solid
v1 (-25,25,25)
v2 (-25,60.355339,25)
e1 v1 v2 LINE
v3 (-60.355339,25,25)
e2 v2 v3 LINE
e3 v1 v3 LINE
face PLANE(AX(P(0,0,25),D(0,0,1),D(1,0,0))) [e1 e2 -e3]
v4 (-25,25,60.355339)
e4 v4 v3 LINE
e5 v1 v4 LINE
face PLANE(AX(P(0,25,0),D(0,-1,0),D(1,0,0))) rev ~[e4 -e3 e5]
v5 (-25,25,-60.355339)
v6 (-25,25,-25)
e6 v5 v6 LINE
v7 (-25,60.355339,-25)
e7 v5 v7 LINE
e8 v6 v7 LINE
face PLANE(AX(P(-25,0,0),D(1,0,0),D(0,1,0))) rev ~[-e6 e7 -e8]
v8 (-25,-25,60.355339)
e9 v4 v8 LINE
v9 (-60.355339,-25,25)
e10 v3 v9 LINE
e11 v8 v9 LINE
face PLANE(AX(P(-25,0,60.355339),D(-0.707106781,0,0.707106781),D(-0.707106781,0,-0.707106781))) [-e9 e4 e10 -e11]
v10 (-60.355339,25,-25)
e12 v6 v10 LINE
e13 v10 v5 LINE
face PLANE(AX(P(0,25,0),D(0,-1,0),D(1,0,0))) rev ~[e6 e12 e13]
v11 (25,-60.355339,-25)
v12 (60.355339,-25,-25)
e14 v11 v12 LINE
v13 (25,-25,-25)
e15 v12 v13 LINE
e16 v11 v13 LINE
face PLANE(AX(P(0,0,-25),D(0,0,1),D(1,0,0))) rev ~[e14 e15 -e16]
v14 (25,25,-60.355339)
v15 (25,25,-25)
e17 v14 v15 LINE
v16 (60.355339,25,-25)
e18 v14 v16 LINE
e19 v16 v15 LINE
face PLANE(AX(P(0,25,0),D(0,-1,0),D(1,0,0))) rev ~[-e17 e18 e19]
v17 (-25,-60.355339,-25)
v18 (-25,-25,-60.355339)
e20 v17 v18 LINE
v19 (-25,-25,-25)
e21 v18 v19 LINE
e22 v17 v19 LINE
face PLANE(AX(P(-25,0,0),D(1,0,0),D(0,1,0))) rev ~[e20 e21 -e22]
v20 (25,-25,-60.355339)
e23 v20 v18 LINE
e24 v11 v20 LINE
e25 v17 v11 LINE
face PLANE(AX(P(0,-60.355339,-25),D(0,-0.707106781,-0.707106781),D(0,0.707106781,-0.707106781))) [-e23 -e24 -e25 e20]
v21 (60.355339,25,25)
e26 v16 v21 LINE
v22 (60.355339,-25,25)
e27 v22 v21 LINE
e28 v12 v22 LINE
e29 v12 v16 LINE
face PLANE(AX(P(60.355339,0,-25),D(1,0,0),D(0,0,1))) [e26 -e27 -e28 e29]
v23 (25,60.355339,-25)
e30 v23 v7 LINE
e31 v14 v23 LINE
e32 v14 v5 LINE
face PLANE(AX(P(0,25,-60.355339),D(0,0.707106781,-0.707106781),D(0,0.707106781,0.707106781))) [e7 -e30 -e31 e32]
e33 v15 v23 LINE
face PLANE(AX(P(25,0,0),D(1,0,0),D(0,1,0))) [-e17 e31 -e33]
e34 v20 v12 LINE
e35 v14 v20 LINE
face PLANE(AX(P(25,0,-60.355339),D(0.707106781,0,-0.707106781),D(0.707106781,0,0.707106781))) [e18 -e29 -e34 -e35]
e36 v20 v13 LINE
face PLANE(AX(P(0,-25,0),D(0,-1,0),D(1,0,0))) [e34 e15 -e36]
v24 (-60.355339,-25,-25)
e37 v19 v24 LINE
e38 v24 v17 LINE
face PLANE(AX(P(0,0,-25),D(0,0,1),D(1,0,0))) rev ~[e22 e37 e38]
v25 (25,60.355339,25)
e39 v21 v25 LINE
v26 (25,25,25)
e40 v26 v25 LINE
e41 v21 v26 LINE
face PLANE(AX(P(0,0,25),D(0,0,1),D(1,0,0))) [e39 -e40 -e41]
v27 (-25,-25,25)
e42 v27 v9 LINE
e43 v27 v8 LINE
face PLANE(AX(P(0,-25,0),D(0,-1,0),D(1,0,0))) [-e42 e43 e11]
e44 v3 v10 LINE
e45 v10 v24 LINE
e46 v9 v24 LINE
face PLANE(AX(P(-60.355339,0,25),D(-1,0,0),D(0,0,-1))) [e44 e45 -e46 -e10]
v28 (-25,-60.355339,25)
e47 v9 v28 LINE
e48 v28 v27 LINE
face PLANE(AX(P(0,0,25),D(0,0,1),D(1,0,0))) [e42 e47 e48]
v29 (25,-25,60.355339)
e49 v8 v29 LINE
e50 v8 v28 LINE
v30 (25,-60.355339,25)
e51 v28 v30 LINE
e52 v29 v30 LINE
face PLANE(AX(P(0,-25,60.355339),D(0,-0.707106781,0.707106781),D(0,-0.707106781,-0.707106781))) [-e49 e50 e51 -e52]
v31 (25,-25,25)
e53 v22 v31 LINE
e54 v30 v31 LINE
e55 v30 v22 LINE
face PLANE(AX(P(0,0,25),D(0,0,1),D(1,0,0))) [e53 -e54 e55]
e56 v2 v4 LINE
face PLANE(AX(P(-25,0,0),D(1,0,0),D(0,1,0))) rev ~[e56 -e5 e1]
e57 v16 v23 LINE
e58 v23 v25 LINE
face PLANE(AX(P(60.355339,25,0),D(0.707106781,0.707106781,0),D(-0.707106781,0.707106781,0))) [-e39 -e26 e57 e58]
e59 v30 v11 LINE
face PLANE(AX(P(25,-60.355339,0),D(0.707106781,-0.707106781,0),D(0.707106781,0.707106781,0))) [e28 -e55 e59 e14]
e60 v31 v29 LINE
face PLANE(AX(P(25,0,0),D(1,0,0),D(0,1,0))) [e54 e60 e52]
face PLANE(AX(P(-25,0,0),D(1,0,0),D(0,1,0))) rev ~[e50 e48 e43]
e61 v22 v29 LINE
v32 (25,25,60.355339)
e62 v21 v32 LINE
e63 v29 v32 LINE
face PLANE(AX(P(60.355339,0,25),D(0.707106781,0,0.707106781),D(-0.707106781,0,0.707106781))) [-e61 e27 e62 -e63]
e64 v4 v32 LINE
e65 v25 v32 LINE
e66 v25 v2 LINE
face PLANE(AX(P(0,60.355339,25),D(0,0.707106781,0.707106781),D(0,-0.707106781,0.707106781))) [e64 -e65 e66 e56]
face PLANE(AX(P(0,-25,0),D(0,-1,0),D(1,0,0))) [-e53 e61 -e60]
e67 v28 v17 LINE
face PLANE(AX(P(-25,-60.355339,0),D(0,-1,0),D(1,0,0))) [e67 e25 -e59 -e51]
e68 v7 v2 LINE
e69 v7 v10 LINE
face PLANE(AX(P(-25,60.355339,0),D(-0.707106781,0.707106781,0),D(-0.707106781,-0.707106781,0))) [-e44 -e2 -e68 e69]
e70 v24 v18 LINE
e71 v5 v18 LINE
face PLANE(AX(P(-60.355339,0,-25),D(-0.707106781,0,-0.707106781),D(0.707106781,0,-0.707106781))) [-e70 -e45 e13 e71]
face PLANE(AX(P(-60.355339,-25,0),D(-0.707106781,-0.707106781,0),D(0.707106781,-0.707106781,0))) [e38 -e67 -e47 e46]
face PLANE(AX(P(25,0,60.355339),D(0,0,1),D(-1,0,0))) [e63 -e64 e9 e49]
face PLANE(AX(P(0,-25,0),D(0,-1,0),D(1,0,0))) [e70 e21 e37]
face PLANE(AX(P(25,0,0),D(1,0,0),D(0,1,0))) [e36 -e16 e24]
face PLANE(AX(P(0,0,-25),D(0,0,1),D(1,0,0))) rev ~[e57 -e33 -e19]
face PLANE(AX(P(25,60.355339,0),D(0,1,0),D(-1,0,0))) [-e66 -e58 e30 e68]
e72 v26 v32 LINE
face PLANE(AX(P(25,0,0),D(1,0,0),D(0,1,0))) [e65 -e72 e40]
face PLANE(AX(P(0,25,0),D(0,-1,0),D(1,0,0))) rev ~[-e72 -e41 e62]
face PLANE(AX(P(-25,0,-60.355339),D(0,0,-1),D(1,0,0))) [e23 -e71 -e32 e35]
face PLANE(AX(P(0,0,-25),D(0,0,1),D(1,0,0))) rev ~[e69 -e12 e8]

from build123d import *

# Parameters (mm, degrees)
F2_DEPTH      = 25
F2_DEPTH_BACK = 25
F4_DEPTH      = 25
F4_DEPTH_BACK = 25
F6_DEPTH      = 25
F6_DEPTH_BACK = 25


with BuildPart() as f2:
    # F1 (on Front) → F2 (new body, two sides)
    with BuildSketch(Plane.XZ) as f2_sk:
        Polygon((25, 60.3553390593), (-25, 60.3553390593), (-60.3553390593, 25), (-60.3553390593, -25), (-25, -60.3553390593), (25, -60.3553390593), (60.3553390593, -25), (60.3553390593, 25), align=None)
    extrude(amount=F2_DEPTH)
    extrude(f2_sk.sketch, amount=-F2_DEPTH_BACK)

    # F3 (on Top) → F4 (join, two sides)
    with BuildSketch(Plane.XY) as f4_sk:
        Polygon((25, -60.3553390593), (60.3553390593, -25), (60.3553390593, 25), (25, 60.3553390593), (-25, 60.3553390593), (-60.3553390593, 25), (-60.3553390593, -25), (-25, -60.3553390593), align=None)
    extrude(amount=F4_DEPTH)
    extrude(f4_sk.sketch, amount=-F4_DEPTH_BACK)

    # F5 (on Right) → F6 (join, two sides)
    with BuildSketch(Plane.YZ) as f6_sk:
        Polygon((60.3553390593, 25), (25, 60.3553390593), (-25, 60.3553390593), (-60.3553390593, 25), (-60.3553390593, -25), (-25, -60.3553390593), (25, -60.3553390593), (60.3553390593, -25), align=None)
    extrude(amount=F6_DEPTH)
    extrude(f6_sk.sketch, amount=-F6_DEPTH_BACK)


solid = f2.part
